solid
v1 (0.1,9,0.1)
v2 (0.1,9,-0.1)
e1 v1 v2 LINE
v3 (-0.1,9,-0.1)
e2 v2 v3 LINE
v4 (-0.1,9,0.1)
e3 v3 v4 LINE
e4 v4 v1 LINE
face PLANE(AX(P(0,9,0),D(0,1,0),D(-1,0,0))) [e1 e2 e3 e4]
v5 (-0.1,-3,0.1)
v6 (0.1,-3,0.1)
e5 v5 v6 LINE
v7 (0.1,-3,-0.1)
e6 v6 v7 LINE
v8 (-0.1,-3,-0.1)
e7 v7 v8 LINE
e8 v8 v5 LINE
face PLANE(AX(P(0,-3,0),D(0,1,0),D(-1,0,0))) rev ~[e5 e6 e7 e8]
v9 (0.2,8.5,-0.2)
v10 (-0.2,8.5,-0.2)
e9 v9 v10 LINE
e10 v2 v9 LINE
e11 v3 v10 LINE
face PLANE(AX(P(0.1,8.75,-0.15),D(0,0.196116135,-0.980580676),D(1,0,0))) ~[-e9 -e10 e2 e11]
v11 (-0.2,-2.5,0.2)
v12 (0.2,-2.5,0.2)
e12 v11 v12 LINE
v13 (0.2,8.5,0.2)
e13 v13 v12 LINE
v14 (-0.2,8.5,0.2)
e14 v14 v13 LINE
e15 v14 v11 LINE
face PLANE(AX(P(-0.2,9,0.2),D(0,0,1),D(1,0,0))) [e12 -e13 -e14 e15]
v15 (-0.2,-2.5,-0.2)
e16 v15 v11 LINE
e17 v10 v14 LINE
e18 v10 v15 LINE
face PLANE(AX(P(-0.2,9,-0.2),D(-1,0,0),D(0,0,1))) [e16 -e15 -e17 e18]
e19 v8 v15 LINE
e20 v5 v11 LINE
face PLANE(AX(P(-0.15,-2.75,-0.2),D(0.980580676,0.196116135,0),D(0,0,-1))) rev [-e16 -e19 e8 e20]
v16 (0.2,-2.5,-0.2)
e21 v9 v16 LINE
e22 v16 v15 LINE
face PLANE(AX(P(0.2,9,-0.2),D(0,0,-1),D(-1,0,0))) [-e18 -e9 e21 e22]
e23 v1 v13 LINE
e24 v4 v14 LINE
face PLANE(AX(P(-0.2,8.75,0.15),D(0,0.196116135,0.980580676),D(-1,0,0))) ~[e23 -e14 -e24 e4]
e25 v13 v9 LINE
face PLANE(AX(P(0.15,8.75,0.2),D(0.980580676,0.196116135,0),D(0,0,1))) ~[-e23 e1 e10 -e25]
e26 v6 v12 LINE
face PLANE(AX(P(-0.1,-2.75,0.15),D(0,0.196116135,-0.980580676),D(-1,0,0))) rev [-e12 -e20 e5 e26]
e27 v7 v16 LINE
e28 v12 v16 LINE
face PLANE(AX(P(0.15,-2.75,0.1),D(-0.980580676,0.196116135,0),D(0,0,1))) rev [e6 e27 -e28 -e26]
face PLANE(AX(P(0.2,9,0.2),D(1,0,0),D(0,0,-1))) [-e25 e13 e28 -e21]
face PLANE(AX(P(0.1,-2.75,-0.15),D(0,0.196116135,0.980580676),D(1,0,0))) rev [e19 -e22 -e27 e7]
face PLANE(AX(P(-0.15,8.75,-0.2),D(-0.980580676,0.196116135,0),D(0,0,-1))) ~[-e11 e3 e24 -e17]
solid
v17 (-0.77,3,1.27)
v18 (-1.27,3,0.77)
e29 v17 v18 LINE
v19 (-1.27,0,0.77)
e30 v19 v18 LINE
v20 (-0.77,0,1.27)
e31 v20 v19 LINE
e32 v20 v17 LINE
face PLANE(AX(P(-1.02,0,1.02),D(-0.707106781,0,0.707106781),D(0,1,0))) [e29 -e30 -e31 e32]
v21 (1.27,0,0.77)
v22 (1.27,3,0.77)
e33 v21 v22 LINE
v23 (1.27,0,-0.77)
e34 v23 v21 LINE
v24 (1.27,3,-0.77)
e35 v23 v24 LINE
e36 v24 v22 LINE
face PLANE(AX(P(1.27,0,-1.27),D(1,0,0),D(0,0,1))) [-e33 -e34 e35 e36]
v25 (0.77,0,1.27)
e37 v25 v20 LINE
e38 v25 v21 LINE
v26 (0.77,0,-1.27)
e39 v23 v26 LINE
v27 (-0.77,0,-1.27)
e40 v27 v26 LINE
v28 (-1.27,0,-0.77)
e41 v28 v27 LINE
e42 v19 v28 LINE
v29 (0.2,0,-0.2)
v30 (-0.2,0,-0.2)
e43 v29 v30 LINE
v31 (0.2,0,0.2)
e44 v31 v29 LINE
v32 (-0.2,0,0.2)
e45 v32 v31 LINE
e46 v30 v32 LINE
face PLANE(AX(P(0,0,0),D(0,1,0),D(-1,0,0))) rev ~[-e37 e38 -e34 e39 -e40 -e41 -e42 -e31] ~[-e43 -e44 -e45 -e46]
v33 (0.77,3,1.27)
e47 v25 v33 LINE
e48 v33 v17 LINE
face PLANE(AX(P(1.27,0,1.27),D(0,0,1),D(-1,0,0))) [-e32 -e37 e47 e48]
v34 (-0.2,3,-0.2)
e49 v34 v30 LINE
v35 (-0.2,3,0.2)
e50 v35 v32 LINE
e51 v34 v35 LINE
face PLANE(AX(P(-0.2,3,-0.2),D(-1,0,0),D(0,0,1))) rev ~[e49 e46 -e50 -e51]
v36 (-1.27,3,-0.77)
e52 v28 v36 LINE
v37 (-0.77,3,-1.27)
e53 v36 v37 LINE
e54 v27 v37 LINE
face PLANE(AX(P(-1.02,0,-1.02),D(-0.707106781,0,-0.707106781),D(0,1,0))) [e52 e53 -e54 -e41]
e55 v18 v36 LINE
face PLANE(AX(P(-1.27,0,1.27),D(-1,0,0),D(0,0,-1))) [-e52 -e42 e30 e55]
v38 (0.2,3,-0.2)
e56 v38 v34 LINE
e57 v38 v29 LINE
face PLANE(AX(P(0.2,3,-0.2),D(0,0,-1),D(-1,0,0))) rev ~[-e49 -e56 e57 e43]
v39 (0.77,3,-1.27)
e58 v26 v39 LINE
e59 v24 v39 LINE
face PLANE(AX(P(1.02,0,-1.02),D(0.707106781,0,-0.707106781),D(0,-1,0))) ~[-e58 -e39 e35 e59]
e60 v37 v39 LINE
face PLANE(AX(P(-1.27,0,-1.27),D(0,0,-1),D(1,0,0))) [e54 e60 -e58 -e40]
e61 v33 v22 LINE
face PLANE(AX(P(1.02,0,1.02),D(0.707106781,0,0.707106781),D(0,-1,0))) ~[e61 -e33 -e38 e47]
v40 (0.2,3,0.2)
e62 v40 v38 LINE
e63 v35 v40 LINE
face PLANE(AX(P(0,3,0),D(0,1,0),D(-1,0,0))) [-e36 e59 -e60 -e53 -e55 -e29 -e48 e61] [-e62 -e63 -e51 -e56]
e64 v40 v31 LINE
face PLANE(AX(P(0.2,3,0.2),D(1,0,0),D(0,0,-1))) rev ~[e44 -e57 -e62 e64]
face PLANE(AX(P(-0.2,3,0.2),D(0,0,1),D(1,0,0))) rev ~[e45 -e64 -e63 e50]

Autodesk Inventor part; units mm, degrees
ref_plane "YZ Plane" through (0, 0, 0) normal (1, 0, 0) x (0, 1, 0)
ref_plane "XZ Plane" through (0, 0, 0) normal (0, 1, 0) x (-1, 0, 0)
ref_plane "XY Plane" through (0, 0, 0) normal (0, 0, 1) x (1, 0, 0)
sketch "Sketch1" plane through (0, 0, 0) normal (0, 1, 0) x (-1, 0, 0)
  line L0 (-1.27, 1.27) -> (1.27, 1.27)
  line L1 (1.27, 1.27) -> (1.27, -1.27)
  line L2 (1.27, -1.27) -> (-1.27, -1.27)
  line L3 (-1.27, -1.27) -> (-1.27, 1.27)
  line L4 (-1.27, 1.27) -> (1.27, -1.27) construction
  line L5 (1.27, 1.27) -> (-1.27, -1.27) construction
  line L6 (-0.3, 0.3) -> (0.3, 0.3)
  line L7 (0.3, 0.3) -> (0.3, -0.3)
  line L8 (0.3, -0.3) -> (-0.3, -0.3)
  line L9 (-0.3, -0.3) -> (-0.3, 0.3)
  line L10 (-0.3, 0.3) -> (0.3, -0.3) construction
  line L11 (0.3, 0.3) -> (-0.3, -0.3) construction
  point P0 (0, 0)
  dimension "d0" = 2.54
  dimension "d1" = 2.54
  dimension "d2" = 0.6
  dimension "d3" = 0.6
extrude "Extrusion1" add sketch "Sketch1" along normal blind 9 and the other way blind 3 contours L6 L7 L8 L9
extrude "Extrusion2" add sketch "Sketch1" along normal blind 3 separate body
sketch "Sketch2" plane through (0, 9, 0) normal (0, 1, 0) x (1, 0, 0)
  line L0 (-0.2, -0.2) -> (0.2, -0.2)
  line L1 (0.2, -0.2) -> (0.2, 0.2)
  line L2 (0.2, 0.2) -> (-0.2, 0.2)
  line L3 (-0.2, 0.2) -> (-0.2, -0.2)
  line L4 (-0.2, -0.2) -> (0.2, 0.2) construction
  line L5 (0.2, -0.2) -> (-0.2, 0.2) construction
  line L6 (-2.0289, -1.4927) -> (2.0289, -1.4927)
  line L7 (2.0289, -1.4927) -> (2.0289, 1.4927)
  line L8 (2.0289, 1.4927) -> (-2.0289, 1.4927)
  line L9 (-2.0289, 1.4927) -> (-2.0289, -1.4927)
  line L10 (-2.0289, -1.4927) -> (2.0289, 1.4927) construction
  line L11 (2.0289, -1.4927) -> (-2.0289, 1.4927) construction
  point P0 (0, 0)
  dimension "d37" = 0.4
  dimension "d38" = 0.4
extrude "Extrusion3" cut sketch "Sketch2" against normal blind 20 bodies 1
sketch "Sketch3" plane through (0, 3, 0) normal (0, 1, 0) x (1, 0, 0)
  line L0 (-0.3, 0.3) -> (0.3, 0.3) projected
  line L1 (-0.3, -0.3) -> (0.3, -0.3)
  line L2 (0.3, -0.3) -> (0.3, 0.3)
  line L3 (0.3, 0.3) -> (-0.3, 0.3)
  line L4 (-0.3, 0.3) -> (-0.3, -0.3)
  line L5 (-0.3, -0.3) -> (0.3, 0.3) construction
  line L6 (0.3, -0.3) -> (-0.3, 0.3) construction
  line L7 (0.2, -0.2) -> (0.2, 0.2) projected
  line L8 (-0.2, -0.2) -> (0.2, -0.2)
  line L9 (0.2, -0.2) -> (0.2, 0.2)
  line L10 (0.2, 0.2) -> (-0.2, 0.2)
  line L11 (-0.2, 0.2) -> (-0.2, -0.2)
  line L12 (-0.2, -0.2) -> (0.2, 0.2) construction
  line L13 (0.2, -0.2) -> (-0.2, 0.2) construction
  point P0 (0, 0)
extrude "Extrusion4" add sketch "Sketch3" against normal blind 3 bodies 2
chamfer "Chamfer10" distance 0.5 angle 45 4 edges at (1.27, 1.5, -1.27) (-1.27, 1.5, -1.27) (-1.27, 1.5, 1.27) (1.27, 1.5, 1.27)
chamfer "Chamfer11" distance 0.1 distance2 0.5 1 edges at (0.2, 9, 0) measured on face at (-0.0667, 9, -0.0667)
chamfer "Chamfer12" distance 0.1 distance2 0.5 1 edges at (-0.05, 9, 0.2) measured on face at (-0.1, 9, -0.0667)
chamfer "Chamfer13" distance 0.1 distance2 0.5 1 edges at (-0.2, 9, -0.05) measured on face at (-0.1, 9, -0.1)
chamfer "Chamfer14" distance 0.1 distance2 0.5 1 edges at (0, 9, -0.2) measured on face at (0.0333, 9, 0)
chamfer "Chamfer15" distance 0.1 distance2 0.5 1 edges at (-0.2, -3, 0) measured on face at (-0.0667, -3, -0.0667)
chamfer "Chamfer16" distance 0.1 distance2 0.5 1 edges at (0.05, -3, 0.2) measured on face at (0, -3, -0.0667)
chamfer "Chamfer17" distance 0.1 distance2 0.5 1 edges at (0.2, -3, -0.05) measured on face at (0.1, -3, 0)
chamfer "Chamfer18" distance 0.1 distance2 0.5 1 edges at (0, -3, -0.2) measured on face at (0.0333, -3, 0)
properties part number "MaleHeaderPin"
